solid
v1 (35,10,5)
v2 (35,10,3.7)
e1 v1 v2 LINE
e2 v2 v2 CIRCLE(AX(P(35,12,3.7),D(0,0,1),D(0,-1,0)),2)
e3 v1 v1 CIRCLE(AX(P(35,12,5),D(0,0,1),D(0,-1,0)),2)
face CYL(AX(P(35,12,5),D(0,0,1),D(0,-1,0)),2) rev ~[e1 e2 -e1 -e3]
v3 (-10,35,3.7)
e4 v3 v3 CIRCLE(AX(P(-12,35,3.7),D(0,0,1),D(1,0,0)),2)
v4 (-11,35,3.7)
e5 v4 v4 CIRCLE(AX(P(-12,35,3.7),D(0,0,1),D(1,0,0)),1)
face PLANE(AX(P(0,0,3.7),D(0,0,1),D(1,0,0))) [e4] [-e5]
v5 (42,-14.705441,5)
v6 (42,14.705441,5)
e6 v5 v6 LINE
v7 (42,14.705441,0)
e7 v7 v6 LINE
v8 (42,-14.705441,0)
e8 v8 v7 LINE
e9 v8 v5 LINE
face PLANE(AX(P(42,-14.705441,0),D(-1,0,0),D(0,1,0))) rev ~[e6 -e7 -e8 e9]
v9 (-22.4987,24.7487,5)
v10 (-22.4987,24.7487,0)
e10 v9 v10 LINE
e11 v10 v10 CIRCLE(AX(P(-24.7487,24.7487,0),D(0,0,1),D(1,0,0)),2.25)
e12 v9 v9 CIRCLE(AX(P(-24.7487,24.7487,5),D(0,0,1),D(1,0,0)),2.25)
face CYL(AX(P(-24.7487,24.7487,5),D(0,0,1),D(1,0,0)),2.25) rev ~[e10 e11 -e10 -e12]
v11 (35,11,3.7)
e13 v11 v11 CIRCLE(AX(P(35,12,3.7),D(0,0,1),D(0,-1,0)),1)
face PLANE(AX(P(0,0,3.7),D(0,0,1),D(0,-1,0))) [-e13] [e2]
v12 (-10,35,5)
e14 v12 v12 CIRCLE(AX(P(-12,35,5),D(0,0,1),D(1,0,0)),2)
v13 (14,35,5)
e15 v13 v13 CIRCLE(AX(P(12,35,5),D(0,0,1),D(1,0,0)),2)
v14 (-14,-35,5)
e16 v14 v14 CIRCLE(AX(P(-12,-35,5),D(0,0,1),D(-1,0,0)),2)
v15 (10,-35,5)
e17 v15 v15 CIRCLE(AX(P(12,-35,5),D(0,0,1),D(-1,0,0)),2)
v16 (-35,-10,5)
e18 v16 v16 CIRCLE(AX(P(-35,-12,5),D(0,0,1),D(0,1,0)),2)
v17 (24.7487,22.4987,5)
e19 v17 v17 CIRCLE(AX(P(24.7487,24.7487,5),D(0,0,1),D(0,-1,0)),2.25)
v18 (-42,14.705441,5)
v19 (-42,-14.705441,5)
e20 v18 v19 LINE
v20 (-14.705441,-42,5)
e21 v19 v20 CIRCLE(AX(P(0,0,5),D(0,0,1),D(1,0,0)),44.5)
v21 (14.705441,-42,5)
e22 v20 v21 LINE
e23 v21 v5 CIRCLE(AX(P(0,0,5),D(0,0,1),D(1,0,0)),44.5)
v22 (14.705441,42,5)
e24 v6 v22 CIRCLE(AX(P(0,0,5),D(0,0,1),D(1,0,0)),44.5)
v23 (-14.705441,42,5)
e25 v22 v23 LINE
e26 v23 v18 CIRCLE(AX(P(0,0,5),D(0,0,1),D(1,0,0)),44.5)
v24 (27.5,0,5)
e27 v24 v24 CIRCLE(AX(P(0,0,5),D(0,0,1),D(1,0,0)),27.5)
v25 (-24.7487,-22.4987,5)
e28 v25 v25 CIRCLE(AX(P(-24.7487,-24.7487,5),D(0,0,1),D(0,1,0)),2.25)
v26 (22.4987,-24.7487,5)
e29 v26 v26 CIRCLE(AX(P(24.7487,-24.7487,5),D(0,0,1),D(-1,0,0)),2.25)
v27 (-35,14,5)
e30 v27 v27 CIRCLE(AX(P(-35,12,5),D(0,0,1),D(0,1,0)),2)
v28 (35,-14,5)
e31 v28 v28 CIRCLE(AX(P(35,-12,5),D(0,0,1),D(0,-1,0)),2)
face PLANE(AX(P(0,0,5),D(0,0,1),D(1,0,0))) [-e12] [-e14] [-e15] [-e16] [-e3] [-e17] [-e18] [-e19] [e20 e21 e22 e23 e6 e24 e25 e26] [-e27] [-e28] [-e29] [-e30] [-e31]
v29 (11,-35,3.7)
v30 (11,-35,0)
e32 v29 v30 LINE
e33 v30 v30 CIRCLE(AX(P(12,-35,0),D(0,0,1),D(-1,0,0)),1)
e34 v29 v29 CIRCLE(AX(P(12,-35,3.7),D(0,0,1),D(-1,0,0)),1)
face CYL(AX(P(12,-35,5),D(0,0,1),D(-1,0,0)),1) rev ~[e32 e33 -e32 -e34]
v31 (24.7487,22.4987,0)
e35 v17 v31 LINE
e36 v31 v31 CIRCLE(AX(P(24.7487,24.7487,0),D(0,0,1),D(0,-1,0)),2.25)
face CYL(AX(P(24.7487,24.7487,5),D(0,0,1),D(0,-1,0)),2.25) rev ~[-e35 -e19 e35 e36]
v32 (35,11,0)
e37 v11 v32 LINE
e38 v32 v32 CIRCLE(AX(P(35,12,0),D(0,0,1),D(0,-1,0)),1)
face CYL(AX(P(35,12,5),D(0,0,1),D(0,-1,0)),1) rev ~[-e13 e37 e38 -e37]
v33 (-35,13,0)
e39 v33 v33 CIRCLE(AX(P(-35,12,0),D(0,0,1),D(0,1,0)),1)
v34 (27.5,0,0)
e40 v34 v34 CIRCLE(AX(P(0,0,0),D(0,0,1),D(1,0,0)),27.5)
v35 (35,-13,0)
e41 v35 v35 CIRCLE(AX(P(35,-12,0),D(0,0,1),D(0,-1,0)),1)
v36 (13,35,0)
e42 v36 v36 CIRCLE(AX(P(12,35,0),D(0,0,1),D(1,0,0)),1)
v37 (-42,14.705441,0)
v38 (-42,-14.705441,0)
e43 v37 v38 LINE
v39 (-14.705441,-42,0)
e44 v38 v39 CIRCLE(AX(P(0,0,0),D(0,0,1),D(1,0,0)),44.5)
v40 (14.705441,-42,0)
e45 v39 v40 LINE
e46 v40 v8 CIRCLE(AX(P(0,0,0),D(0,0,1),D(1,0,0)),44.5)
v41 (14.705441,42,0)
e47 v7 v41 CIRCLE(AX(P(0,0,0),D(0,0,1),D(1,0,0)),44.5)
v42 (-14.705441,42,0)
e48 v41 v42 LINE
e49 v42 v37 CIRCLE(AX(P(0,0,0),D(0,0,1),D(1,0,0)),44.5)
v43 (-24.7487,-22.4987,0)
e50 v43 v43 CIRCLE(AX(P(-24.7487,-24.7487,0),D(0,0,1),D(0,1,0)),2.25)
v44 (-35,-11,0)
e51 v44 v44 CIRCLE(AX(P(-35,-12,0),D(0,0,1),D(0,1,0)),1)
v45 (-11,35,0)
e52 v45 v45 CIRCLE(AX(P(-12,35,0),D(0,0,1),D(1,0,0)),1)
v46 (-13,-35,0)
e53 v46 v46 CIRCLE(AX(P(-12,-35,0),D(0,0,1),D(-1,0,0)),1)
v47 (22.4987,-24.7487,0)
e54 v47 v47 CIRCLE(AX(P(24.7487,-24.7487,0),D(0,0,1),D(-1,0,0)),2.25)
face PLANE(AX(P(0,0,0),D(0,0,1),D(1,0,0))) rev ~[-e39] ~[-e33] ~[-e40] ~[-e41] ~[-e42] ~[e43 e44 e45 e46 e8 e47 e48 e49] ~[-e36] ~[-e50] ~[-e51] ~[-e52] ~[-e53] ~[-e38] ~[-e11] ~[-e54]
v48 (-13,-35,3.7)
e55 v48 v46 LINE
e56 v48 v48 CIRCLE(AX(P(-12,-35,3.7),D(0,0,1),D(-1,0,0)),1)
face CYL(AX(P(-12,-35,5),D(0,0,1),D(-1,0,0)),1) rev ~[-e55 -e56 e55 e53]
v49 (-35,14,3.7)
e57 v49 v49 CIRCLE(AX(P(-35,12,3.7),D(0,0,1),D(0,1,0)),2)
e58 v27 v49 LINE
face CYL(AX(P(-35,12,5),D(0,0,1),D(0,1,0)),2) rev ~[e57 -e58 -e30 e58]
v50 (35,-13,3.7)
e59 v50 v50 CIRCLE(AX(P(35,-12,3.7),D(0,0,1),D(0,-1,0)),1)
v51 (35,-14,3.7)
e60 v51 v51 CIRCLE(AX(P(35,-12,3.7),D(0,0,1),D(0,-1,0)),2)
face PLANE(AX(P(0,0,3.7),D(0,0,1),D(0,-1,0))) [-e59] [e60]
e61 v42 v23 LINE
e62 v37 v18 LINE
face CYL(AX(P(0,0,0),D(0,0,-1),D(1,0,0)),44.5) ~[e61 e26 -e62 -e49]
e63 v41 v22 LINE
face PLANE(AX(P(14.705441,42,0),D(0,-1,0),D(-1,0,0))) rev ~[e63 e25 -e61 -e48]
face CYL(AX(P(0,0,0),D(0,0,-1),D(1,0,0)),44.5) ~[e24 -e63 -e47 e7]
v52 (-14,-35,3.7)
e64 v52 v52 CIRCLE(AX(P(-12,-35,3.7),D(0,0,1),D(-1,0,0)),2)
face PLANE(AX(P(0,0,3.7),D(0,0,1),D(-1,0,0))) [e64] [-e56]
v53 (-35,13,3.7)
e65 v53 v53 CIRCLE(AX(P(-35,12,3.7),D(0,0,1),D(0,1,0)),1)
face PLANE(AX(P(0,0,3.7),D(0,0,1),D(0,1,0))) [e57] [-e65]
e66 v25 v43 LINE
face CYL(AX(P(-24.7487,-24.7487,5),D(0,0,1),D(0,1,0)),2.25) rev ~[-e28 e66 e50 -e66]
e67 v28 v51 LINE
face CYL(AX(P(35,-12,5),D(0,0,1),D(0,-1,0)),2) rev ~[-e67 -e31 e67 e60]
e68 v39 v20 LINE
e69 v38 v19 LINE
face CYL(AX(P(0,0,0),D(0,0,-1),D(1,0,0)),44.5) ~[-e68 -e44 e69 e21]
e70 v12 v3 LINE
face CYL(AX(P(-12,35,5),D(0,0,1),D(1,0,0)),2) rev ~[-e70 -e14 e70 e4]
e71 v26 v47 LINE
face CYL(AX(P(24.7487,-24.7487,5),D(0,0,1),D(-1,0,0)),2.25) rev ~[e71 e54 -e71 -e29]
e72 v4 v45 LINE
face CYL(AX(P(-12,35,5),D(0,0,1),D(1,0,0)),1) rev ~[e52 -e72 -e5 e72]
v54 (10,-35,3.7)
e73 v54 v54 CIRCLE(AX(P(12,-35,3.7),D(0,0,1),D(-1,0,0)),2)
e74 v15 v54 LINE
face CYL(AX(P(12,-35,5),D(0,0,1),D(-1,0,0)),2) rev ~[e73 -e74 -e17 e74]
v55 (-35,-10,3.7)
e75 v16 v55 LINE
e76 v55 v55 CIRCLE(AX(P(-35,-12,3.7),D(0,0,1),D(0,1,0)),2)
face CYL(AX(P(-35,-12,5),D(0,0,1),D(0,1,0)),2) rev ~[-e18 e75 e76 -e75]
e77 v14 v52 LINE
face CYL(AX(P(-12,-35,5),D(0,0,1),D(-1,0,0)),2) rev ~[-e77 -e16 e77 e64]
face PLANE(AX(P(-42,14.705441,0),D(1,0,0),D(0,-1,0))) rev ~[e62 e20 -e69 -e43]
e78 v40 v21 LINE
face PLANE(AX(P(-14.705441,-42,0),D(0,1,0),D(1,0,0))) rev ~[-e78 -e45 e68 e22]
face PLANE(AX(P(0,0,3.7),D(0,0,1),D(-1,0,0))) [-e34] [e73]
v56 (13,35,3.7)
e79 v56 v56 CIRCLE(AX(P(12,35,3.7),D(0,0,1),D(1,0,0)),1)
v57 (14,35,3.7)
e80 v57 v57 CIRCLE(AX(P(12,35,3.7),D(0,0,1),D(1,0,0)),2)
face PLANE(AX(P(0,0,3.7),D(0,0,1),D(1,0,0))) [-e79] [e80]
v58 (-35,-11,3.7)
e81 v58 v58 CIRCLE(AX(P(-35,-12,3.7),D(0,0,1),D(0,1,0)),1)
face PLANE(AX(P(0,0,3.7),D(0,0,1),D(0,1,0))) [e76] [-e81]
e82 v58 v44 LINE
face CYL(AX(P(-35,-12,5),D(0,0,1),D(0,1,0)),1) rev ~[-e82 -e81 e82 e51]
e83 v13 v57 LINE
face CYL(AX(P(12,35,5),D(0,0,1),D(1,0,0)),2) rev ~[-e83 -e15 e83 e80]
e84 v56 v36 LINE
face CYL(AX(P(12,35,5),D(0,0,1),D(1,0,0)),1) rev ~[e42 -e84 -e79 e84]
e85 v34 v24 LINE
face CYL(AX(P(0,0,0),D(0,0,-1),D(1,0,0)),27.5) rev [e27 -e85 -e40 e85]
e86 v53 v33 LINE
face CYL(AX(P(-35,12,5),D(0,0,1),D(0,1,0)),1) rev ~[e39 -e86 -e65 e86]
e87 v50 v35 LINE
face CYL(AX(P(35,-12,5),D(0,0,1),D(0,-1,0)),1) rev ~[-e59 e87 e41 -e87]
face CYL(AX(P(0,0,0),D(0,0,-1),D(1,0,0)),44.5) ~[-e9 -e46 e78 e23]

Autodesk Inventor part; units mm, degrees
ref_plane "YZ Plane" through (0, 0, 0) normal (1, 0, 0) x (0, 1, 0)
ref_plane "XZ Plane" through (0, 0, 0) normal (0, 1, 0) x (-1, 0, 0)
ref_plane "XY Plane" through (0, 0, 0) normal (0, 0, 1) x (1, 0, 0)
sketch "스케치1" plane through (0, 0, 0) normal (0, 0, 1) x (1, 0, 0)
  circle A0 centre (0, 0) radius 44.5
  line L0 (-42, -42) -> (42, -42)
  line L1 (42, -42) -> (42, 42)
  line L2 (42, 42) -> (-42, 42)
  line L3 (-42, 42) -> (-42, -42)
  line L4 (-42, -42) -> (42, 42) construction
  line L5 (42, -42) -> (-42, 42) construction
  circle A1 centre (0, 0) radius 27.5
  point P0 (-42, 14.7054)
  point P1 (-42, -14.7054)
  point P2 (-14.7054, -42)
  point P3 (14.7054, -42)
  point P4 (42, -14.7054)
  point P5 (42, 14.7054)
  point P6 (14.7054, 42)
  point P7 (-14.7054, 42)
  dimension "d0" = 89
  dimension "d1" = 84
  dimension "d2" = 84
  dimension "d3" = 55
extrude "돌출1" add sketch "스케치1" along normal blind 5 contours L1 A0 L0 L3 L2
sketch "스케치2" plane through (0, 0, 5) normal (0, 0, 1) x (1, 0, 0)
  circle A0 centre (-12, 35) radius 1
  line L0 (0, 0) -> (0, 47.7452)
  circle A1 centre (-12, 35) radius 2
  circle A2 centre (12, 35) radius 1
  circle A3 centre (12, 35) radius 2
  dimension "d6" = 2
  dimension "d7" = 35
  dimension "d8" = 12
  dimension "d9" = 4
extrude "돌출2" cut sketch "스케치2" against normal blind 1.3 contours A0 | A1 | A2 | A3
extrude "돌출3" cut sketch "스케치2" against normal blind 10.5 contours A0 | A2
pattern_circular "원형 패턴1" count 4 over 360 about axis through (0, 0, 0) along (0, 0, 1) of "돌출2", "돌출3"
sketch "스케치3" plane through (0, 0, 5) normal (0, 0, 1) x (1, 0, 0)
  circle A0 centre (0, 0) radius 35 construction
  line L0 (0, 0) -> (-24.7487, 24.7487) construction
  line L1 (0, 0) -> (0, 35) construction
  circle A1 centre (-24.7487, 24.7487) radius 2.25
  dimension "d17" = 70
  dimension "d18" = 45
  dimension "d19" = 4.5
extrude "돌출4" cut sketch "스케치3" against normal blind 5
pattern_circular "원형 패턴2" count 4 over 360 about axis through (0, 0, 0) along (0, 0, 1) of "돌출4"
properties part number "감속기어1 - 하우징 커버"
